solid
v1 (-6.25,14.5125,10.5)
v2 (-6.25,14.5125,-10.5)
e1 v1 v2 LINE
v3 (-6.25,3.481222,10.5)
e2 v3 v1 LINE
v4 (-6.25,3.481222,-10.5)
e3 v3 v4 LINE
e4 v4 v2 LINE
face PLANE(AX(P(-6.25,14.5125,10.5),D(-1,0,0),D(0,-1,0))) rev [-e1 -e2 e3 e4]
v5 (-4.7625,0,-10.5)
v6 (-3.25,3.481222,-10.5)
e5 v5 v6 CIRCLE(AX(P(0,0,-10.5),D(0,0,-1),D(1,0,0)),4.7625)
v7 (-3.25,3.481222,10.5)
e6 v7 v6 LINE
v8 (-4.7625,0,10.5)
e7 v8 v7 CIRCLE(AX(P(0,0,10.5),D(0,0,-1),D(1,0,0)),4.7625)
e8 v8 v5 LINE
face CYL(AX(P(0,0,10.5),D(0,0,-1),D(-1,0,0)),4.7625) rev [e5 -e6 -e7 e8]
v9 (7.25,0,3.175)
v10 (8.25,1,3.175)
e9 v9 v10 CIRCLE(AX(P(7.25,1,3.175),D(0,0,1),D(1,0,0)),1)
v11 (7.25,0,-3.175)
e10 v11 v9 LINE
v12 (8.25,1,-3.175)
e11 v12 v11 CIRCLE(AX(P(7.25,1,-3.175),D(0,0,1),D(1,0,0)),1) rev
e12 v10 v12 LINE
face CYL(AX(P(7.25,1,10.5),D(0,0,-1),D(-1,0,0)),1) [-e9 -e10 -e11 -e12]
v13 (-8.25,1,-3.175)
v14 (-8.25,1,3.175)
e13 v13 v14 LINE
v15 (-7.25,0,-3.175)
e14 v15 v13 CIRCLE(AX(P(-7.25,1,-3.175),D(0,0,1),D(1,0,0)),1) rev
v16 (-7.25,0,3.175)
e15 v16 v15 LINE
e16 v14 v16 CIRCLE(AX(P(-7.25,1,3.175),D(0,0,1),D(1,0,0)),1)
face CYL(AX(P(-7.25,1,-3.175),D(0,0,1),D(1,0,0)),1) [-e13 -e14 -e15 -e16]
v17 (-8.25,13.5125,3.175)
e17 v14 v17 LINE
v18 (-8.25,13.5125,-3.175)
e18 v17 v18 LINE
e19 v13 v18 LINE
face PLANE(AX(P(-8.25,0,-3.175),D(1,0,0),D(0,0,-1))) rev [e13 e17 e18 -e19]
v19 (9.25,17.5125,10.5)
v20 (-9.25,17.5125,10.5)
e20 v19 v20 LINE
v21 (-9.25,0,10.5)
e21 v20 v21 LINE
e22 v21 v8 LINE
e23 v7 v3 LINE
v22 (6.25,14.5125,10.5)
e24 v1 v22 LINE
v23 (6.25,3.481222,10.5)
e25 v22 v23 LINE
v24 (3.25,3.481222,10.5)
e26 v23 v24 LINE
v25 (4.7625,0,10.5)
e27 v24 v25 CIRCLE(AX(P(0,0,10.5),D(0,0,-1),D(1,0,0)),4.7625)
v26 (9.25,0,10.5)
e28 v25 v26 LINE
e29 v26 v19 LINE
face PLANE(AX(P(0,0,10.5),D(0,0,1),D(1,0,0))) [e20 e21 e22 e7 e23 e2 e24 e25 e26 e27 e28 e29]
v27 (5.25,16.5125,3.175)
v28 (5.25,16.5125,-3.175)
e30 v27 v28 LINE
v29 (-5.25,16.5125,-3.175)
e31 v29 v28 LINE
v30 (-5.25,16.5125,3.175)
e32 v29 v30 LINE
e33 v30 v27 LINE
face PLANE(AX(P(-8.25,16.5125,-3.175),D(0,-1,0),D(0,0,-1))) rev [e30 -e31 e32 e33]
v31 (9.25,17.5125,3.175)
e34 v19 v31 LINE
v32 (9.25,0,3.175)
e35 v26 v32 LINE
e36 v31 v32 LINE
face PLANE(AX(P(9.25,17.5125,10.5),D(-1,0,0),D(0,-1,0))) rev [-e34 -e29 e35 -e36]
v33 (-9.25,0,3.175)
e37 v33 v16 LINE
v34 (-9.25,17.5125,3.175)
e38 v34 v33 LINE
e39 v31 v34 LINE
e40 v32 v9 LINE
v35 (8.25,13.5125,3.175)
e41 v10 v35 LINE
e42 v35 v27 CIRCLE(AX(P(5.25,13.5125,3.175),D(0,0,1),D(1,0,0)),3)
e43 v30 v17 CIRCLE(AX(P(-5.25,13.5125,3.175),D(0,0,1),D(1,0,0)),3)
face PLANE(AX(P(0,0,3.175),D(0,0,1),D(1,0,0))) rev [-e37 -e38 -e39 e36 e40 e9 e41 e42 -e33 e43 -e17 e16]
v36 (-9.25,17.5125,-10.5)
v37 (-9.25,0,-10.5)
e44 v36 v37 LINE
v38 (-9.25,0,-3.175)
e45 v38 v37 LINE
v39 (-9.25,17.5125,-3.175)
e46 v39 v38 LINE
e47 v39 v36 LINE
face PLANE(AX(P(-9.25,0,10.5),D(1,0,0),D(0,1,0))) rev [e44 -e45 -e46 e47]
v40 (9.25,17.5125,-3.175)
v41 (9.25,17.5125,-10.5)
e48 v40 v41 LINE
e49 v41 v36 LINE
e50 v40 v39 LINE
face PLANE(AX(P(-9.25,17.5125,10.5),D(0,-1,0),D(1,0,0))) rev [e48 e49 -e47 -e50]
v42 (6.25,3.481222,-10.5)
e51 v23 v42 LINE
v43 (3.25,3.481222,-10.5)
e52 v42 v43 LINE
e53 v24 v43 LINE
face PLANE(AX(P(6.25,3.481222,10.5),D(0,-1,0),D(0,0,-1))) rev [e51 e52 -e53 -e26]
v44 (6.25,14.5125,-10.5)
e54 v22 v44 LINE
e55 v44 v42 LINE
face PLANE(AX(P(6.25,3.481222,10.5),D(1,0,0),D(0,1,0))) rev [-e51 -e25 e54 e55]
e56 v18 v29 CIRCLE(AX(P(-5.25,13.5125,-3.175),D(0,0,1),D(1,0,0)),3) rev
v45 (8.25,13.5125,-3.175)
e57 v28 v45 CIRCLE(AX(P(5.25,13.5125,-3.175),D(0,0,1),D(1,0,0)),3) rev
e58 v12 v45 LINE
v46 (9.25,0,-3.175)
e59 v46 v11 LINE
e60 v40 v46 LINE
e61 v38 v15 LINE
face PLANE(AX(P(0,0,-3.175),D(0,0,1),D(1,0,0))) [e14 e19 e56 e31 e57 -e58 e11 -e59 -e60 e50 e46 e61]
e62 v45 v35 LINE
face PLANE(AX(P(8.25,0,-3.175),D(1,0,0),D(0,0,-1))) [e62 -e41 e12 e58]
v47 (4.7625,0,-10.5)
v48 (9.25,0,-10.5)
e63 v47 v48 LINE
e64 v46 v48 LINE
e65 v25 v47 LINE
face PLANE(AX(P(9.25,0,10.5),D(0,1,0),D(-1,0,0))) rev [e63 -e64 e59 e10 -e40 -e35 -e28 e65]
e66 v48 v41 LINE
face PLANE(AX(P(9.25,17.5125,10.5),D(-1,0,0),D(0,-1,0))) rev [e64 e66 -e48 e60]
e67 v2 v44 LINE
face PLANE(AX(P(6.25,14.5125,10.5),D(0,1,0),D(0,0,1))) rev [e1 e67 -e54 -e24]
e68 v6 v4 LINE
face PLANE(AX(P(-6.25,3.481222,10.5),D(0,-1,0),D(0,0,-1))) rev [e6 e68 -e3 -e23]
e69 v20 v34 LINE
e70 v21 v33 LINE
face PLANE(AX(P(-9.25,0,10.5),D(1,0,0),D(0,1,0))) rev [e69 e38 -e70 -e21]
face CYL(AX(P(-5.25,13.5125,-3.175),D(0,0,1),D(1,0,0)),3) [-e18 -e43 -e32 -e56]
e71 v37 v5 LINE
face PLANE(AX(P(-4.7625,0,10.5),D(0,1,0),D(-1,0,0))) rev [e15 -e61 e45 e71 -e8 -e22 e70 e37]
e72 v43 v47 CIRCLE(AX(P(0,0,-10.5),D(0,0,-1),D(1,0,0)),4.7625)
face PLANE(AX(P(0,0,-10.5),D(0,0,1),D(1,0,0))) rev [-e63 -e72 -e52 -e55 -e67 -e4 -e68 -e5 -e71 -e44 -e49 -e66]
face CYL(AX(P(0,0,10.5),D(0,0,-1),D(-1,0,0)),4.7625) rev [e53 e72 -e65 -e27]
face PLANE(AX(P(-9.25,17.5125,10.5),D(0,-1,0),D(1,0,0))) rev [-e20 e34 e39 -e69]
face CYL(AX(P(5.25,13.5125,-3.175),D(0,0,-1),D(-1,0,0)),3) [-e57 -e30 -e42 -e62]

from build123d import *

# Parameters (mm, degrees)
BOSS_EXTRUDE1_DEPTH = 10.5
CUT_EXTRUDE1_DEPTH  = 3.175
FILLET1_R           = 3
FILLET2_R           = 1


with BuildPart() as part:
    # Sketch1 → Boss-Extrude1 (new, symmetric)
    with BuildSketch(Plane.XY):
        with BuildLine():
            Line((-4.7625, 0), (-9.25, 0))
            Line((-9.25, 0), (-9.25, 17.5125))
            Line((-9.25, 17.5125), (9.25, 17.5125))
            Line((9.25, 17.5125), (9.25, 0))
            Line((9.25, 0), (4.7625, 0))
            ThreePointArc((4.7625, 0), (4.368039105, 1.89779889), (3.25, 3.481221948))
            Line((3.25, 3.481221948), (6.25, 3.481221948))
            Line((6.25, 3.481221948), (6.25, 14.5125))
            Line((6.25, 14.5125), (-6.25, 14.5125))
            Line((-6.25, 14.5125), (-6.25, 3.481221948))
            Line((-6.25, 3.481221948), (-3.25, 3.481221948))
            ThreePointArc((-3.25, 3.481221948), (-4.368039105, 1.89779889), (-4.7625, 0))
        make_face()
    extrude(amount=BOSS_EXTRUDE1_DEPTH, both=True)

    # Sketch2 → Cut-Extrude1 (cut, symmetric)
    with BuildSketch(Plane.XY):
        Polygon((0, 17.5125), (-9.25, 17.5125), (-9.25, 0), (-8.25, 0), (-8.25, 16.5125), (0, 16.5125), align=None)
    cut_extrude1 = extrude(amount=CUT_EXTRUDE1_DEPTH, both=True, mode=Mode.SUBTRACT)

    # Mirror1: Cut-Extrude1 across plane
    add(cut_extrude1.mirror(Plane(origin=(0, 0, 0), x_dir=(0, 0, 1), z_dir=(1, 0, 0))), mode=Mode.SUBTRACT)

    # Fillet1
    fillet1_edges = [part.edges().sort_by_distance(p)[0] for p in [
        (-8.25, 16.5125, 0),
        (8.25, 16.5125, 0),
    ]]
    fillet(fillet1_edges, radius=FILLET1_R)

    # Fillet2
    fillet2_edges = [part.edges().sort_by_distance(p)[0] for p in [
        (-8.25, 0, 0),
        (8.25, 0, 0),
    ]]
    fillet(fillet2_edges, radius=FILLET2_R)


solid = part.part
